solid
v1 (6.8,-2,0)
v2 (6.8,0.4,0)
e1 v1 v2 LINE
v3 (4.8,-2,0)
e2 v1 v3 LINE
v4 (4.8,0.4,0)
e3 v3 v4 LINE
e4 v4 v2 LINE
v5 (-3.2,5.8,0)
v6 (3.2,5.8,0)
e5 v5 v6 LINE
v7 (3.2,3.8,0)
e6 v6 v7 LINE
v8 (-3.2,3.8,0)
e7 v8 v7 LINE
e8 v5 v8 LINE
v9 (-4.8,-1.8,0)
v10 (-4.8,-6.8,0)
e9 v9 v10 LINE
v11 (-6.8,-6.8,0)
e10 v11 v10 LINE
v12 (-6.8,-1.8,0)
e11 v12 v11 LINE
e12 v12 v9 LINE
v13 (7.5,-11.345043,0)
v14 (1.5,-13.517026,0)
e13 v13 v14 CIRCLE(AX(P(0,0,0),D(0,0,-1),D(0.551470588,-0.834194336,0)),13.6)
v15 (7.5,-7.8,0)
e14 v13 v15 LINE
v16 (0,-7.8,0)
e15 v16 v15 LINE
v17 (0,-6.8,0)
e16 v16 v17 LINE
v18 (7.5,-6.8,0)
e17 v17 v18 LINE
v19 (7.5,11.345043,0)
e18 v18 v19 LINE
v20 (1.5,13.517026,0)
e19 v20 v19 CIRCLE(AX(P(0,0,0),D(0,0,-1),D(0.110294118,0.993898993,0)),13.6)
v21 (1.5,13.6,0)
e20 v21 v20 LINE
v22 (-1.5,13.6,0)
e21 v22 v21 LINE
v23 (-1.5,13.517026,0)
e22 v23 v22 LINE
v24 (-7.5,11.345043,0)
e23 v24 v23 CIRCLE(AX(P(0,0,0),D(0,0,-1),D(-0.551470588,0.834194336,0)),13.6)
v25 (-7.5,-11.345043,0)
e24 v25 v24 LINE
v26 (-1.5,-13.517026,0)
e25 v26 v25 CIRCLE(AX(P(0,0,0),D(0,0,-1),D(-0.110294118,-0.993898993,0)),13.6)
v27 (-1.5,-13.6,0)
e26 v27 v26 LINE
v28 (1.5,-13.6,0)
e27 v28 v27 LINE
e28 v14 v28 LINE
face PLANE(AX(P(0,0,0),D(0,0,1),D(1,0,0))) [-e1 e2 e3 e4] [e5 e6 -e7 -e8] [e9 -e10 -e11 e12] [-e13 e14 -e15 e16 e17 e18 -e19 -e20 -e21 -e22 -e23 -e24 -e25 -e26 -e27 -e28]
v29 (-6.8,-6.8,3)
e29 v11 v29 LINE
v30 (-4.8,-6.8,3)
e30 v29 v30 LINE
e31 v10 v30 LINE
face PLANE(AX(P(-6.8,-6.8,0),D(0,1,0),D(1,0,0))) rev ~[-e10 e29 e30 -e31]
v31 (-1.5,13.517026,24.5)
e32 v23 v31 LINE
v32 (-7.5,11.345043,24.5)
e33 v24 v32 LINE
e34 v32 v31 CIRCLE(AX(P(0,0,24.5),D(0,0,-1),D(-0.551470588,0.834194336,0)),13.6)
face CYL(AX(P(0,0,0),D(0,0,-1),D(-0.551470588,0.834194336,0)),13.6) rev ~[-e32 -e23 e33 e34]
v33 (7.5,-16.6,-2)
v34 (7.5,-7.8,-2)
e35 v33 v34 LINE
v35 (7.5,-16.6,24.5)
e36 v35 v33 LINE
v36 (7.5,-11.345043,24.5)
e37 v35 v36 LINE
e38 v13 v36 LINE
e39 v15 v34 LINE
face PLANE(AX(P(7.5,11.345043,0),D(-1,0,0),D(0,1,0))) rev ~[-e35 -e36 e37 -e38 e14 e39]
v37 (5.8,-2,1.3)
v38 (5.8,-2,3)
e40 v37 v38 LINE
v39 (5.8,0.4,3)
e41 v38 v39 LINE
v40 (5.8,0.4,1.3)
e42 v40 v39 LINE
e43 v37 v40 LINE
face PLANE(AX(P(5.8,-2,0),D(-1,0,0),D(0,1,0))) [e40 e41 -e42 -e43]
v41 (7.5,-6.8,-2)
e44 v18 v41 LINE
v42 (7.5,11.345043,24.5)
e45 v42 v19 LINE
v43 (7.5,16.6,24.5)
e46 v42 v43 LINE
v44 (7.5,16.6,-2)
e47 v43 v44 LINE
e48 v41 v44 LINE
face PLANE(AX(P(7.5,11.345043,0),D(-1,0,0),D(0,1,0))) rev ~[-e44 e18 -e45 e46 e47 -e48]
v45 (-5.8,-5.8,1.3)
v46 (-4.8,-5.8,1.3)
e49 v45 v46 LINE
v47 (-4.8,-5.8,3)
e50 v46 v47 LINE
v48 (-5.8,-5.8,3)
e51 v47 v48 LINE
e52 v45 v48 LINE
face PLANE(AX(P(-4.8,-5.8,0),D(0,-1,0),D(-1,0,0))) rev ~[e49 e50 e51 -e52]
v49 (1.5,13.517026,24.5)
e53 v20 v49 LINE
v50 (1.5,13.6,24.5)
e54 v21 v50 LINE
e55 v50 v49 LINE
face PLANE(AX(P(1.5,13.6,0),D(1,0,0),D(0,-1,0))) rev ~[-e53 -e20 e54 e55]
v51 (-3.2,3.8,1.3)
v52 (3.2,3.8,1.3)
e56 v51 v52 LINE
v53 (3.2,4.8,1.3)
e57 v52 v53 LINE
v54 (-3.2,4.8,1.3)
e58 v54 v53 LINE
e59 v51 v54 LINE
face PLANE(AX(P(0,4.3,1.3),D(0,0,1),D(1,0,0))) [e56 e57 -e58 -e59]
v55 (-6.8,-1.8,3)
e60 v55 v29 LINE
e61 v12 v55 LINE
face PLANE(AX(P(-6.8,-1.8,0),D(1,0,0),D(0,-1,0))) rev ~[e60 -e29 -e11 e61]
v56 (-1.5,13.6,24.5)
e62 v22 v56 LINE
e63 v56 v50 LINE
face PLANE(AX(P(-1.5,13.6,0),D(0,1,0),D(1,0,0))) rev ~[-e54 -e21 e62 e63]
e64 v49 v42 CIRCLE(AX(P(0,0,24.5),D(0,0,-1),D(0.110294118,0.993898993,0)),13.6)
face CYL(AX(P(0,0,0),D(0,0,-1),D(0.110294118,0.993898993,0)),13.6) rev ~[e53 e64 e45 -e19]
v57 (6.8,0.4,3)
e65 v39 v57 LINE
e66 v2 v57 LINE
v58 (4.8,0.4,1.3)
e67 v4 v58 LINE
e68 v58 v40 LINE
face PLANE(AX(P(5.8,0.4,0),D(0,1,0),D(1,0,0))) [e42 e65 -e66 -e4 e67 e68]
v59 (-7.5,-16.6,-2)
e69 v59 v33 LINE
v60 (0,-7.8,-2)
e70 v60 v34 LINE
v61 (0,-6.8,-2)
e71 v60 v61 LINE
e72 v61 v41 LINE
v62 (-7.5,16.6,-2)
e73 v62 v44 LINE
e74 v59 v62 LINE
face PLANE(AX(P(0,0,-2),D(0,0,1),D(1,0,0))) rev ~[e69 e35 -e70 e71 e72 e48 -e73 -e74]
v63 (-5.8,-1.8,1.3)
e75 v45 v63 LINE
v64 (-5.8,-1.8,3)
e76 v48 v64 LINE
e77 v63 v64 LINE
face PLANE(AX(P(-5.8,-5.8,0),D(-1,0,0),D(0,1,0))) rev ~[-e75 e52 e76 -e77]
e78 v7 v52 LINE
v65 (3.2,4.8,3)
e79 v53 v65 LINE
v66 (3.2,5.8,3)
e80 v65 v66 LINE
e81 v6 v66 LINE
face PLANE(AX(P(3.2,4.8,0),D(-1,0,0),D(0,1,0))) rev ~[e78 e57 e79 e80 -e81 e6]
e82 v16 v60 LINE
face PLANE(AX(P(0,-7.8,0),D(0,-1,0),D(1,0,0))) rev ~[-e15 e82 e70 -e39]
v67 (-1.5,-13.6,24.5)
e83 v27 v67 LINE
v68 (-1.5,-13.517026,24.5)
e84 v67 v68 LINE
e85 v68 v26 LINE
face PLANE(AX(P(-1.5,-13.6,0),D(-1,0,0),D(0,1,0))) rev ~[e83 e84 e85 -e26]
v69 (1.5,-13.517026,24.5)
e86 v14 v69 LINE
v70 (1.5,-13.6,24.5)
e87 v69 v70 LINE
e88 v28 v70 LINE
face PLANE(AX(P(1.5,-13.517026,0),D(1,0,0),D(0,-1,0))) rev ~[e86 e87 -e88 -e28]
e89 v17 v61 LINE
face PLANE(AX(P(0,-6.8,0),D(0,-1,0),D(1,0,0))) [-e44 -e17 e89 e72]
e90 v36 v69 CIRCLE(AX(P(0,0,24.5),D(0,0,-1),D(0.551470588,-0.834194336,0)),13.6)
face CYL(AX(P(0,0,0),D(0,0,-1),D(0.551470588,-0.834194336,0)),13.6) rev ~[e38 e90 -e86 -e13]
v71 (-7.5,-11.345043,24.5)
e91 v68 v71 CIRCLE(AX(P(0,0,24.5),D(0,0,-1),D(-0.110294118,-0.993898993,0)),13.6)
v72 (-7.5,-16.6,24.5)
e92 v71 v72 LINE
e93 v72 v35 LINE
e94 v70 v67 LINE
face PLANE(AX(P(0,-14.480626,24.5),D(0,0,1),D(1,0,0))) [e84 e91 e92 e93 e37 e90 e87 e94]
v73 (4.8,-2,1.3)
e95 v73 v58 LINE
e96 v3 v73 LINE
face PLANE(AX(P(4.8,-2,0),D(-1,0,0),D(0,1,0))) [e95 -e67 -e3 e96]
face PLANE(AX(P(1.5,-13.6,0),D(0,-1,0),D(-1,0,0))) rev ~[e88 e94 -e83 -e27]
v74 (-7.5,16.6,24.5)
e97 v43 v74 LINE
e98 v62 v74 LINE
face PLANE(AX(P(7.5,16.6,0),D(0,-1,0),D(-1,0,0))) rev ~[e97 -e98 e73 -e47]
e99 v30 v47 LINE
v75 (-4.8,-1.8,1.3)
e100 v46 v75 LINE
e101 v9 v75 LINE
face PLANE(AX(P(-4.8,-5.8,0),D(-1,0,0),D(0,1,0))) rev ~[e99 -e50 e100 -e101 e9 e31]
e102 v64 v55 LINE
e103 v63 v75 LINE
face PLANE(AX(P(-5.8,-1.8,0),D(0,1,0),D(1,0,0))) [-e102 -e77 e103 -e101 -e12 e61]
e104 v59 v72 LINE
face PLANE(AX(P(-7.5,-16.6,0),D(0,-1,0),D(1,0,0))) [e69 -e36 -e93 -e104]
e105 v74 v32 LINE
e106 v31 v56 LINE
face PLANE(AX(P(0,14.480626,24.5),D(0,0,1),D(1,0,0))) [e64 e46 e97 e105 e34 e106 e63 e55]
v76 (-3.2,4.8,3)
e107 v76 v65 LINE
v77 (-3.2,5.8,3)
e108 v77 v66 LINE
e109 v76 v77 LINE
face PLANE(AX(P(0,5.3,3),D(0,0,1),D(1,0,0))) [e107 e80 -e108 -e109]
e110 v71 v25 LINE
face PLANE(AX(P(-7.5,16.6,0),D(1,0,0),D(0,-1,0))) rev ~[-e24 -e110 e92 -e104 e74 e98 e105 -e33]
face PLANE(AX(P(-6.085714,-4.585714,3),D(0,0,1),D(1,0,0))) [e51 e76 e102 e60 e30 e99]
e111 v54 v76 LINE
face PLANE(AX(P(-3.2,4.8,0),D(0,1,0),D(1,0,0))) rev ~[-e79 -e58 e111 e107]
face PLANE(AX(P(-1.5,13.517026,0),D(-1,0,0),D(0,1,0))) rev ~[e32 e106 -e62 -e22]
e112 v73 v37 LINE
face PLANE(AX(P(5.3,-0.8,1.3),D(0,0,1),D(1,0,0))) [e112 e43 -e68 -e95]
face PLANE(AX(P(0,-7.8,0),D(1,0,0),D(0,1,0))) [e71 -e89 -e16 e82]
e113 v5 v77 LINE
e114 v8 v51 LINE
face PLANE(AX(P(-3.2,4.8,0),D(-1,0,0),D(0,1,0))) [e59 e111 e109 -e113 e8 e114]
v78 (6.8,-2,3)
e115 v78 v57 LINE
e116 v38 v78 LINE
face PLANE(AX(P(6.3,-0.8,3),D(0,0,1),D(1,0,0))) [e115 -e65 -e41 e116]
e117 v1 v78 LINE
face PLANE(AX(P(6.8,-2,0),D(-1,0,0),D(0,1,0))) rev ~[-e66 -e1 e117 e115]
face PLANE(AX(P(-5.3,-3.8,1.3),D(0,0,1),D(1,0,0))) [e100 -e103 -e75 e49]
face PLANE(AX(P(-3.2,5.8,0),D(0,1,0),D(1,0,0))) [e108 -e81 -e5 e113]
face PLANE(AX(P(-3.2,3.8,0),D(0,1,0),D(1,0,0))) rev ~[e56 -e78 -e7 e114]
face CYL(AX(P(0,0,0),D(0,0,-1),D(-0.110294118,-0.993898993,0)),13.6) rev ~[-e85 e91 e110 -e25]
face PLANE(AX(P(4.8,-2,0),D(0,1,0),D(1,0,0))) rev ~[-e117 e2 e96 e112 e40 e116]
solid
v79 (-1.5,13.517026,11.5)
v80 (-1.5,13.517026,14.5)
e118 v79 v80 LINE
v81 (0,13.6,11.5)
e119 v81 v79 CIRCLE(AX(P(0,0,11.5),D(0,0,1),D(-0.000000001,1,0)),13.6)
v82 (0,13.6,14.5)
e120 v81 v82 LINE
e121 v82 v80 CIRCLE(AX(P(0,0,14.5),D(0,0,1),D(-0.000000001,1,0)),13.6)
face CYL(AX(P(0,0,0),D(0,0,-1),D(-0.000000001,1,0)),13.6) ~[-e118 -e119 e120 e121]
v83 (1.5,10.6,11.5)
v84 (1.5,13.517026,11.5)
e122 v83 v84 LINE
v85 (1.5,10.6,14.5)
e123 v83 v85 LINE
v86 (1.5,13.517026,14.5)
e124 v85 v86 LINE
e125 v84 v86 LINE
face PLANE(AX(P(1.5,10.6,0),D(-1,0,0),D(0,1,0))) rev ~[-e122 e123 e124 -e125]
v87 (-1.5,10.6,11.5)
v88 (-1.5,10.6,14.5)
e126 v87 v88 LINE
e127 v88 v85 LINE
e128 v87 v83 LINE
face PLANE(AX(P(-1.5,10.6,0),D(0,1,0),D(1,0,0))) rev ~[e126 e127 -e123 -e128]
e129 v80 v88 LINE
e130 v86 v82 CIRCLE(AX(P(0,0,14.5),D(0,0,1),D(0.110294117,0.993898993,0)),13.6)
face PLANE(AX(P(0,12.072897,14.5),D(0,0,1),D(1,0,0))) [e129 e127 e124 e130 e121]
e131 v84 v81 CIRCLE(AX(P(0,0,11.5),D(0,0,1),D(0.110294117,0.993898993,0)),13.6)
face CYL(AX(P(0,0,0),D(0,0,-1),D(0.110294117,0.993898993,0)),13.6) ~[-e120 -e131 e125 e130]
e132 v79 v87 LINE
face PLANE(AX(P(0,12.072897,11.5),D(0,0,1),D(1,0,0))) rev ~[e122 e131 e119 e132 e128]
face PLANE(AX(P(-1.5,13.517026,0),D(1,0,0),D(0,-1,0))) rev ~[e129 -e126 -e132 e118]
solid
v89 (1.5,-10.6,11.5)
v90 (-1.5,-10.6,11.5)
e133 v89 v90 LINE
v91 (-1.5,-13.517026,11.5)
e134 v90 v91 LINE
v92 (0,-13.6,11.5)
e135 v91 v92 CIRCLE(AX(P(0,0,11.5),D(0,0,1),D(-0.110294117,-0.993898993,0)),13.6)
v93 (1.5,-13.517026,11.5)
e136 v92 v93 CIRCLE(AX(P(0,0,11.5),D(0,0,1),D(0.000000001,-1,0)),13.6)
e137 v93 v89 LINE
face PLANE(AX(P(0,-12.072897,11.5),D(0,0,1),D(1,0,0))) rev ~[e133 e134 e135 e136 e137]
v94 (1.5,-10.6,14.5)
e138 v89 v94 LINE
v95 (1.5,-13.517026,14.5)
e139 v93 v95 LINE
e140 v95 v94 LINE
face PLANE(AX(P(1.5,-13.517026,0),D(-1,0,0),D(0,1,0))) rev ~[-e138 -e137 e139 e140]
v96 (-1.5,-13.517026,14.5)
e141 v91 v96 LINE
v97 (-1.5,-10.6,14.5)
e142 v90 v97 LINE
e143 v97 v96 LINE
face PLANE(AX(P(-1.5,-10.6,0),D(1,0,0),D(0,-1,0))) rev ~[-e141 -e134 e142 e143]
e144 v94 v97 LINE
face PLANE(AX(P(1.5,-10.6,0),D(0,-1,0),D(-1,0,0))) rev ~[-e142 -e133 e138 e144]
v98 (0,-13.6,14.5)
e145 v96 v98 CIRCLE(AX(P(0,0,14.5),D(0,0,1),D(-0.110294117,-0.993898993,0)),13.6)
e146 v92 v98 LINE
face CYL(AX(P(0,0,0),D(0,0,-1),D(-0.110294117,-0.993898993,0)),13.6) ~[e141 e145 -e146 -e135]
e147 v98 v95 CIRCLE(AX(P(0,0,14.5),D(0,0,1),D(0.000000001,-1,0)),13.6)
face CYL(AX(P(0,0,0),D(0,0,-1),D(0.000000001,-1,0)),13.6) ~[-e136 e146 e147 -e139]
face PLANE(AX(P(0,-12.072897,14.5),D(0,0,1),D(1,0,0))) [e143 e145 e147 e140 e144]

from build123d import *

# Parameters (mm, degrees)
BOSS_EXTRUDE1_DEPTH   = 14.5
BOSS_EXTRUDE1_2_DEPTH = 14.5
BOSS_EXTRUDE1_3_DEPTH = 14.5
BOSS_EXTRUDE1_4_DEPTH = 14.5
SKETCH1_3_W           = 15
SKETCH1_3_H           = 33.2
BOSS_EXTRUDE3_DEPTH   = 2
CUT_EXTRUDE1_DEPTH    = 11.5
BOSS_EXTRUDE4_DEPTH   = 24.5
SKETCH2_W             = 1
SKETCH2_H             = 4
SKETCH2_W_2           = 6.4
SKETCH2_H_2           = 1
SKETCH2_H_3           = 2.4
BOSS_EXTRUDE5_DEPTH   = 1.3
SKETCH2_3_W           = 6.4
SKETCH2_3_H           = 1
SKETCH2_3_W_2         = 1
SKETCH2_3_H_2         = 2.4
BOSS_EXTRUDE6_DEPTH   = 3
SKETCH2_4_W           = 7.5
SKETCH2_4_H           = 1
CUT_EXTRUDE2_DEPTH    = 31.529657712


with BuildPart() as part:
    # Sketch1 → Boss-Extrude1 (new body)
    with BuildSketch(Plane.XY):
        with BuildLine():
            Line((7.5, 16.6), (-7.5, 16.6))
            Line((-7.5, 16.6), (-7.5, 11.34504297))
            ThreePointArc((-7.5, 11.34504297), (-4.629187607, 12.787909215), (-1.5, 13.5170263))
            Line((-1.5, 13.5170263), (-1.5, 13.6))
            Line((-1.5, 13.6), (0, 13.6))
            Line((0, 13.6), (1.5, 13.6))
            Line((1.5, 13.6), (1.5, 13.5170263))
            ThreePointArc((1.5, 13.5170263), (4.629187607, 12.787909215), (7.5, 11.34504297))
            Line((7.5, 11.34504297), (7.5, 16.6))
        make_face()
    extrude(amount=BOSS_EXTRUDE1_DEPTH)



with BuildPart() as body_2:
    # Sketch1 → Boss-Extrude1 2 (new body)
    with BuildSketch(Plane.XY):
        with BuildLine():
            ThreePointArc((0, 13.6), (-0.751146563, 13.579240731), (-1.5, 13.5170263))
            Line((-1.5, 13.5170263), (-1.5, 10.6))
            Line((-1.5, 10.6), (1.5, 10.6))
            Line((1.5, 10.6), (1.5, 13.5170263))
            ThreePointArc((1.5, 13.5170263), (0.751146563, 13.579240731), (0, 13.6))
        make_face()
    extrude(amount=BOSS_EXTRUDE1_2_DEPTH)


with BuildPart() as body_3:
    # Sketch1 → Boss-Extrude1 3 (new body)
    with BuildSketch(Plane.XY):
        with BuildLine():
            Line((-1.5, -10.6), (-1.5, -13.5170263))
            ThreePointArc((-1.5, -13.5170263), (-0.751146563, -13.579240731), (0, -13.6))
            ThreePointArc((0, -13.6), (0.751146563, -13.579240731), (1.5, -13.5170263))
            Line((1.5, -13.5170263), (1.5, -10.6))
            Line((1.5, -10.6), (-1.5, -10.6))
        make_face()
    extrude(amount=BOSS_EXTRUDE1_3_DEPTH)


with BuildPart() as body_4:
    # Sketch1 → Boss-Extrude1 4 (new body)
    with BuildSketch(Plane.XY):
        with BuildLine():
            ThreePointArc((-1.5, -13.5170263), (-4.629187607, -12.787909215), (-7.5, -11.34504297))
            Line((-7.5, -11.34504297), (-7.5, -16.6))
            Line((-7.5, -16.6), (7.5, -16.6))
            Line((7.5, -16.6), (7.5, -11.34504297))
            ThreePointArc((7.5, -11.34504297), (4.629187607, -12.787909215), (1.5, -13.5170263))
            Line((1.5, -13.5170263), (1.5, -13.6))
            Line((1.5, -13.6), (0, -13.6))
            Line((0, -13.6), (-1.5, -13.6))
            Line((-1.5, -13.6), (-1.5, -13.5170263))
        make_face()
    extrude(amount=BOSS_EXTRUDE1_4_DEPTH)


with BuildPart() as part_1:
    add(part.part)

    add(body_4.part)  # Boss-Extrude3 merges body 4
    # Sketch1<3> → Boss-Extrude3 (add)
    with BuildSketch(Plane.XY):
        Rectangle(SKETCH1_3_W, SKETCH1_3_H)
    extrude(amount=-BOSS_EXTRUDE3_DEPTH)

    # Sketch1<5> → Boss-Extrude4 (add)
    with BuildSketch(Plane.XY):
        with BuildLine():
            Line((7.5, 16.6), (-7.5, 16.6))
            Line((-7.5, 16.6), (-7.5, 11.34504297))
            ThreePointArc((-7.5, 11.34504297), (-4.629187607, 12.787909215), (-1.5, 13.5170263))
            Line((-1.5, 13.5170263), (-1.5, 13.6))
            Line((-1.5, 13.6), (0, 13.6))
            Line((0, 13.6), (1.5, 13.6))
            Line((1.5, 13.6), (1.5, 13.5170263))
            ThreePointArc((1.5, 13.5170263), (4.629187607, 12.787909215), (7.5, 11.34504297))
            Line((7.5, 11.34504297), (7.5, 16.6))
        make_face()
        with BuildLine():
            ThreePointArc((-1.5, -13.5170263), (-4.629187607, -12.787909215), (-7.5, -11.34504297))
            Line((-7.5, -11.34504297), (-7.5, -16.6))
            Line((-7.5, -16.6), (7.5, -16.6))
            Line((7.5, -16.6), (7.5, -11.34504297))
            ThreePointArc((7.5, -11.34504297), (4.629187607, -12.787909215), (1.5, -13.5170263))
            Line((1.5, -13.5170263), (1.5, -13.6))
            Line((1.5, -13.6), (0, -13.6))
            Line((0, -13.6), (-1.5, -13.6))
            Line((-1.5, -13.6), (-1.5, -13.5170263))
        make_face()
    extrude(amount=BOSS_EXTRUDE4_DEPTH)

    # Sketch2 → Boss-Extrude5 (add)
    with BuildSketch(Plane.XY):
        with Locations((-5.3, -3.8)):
            Rectangle(SKETCH2_W, SKETCH2_H)
        with Locations((0, 4.3)):
            Rectangle(SKETCH2_W_2, SKETCH2_H_2)
        with Locations((5.3, -0.8)):
            Rectangle(SKETCH2_W, SKETCH2_H_3)
    extrude(amount=BOSS_EXTRUDE5_DEPTH)

    # Sketch2<3> → Boss-Extrude6 (add)
    with BuildSketch(Plane.XY):
        with Locations((0, 5.3)):
            Rectangle(SKETCH2_3_W, SKETCH2_3_H)
        Polygon((-5.8, -1.8), (-6.8, -1.8), (-6.8, -6.8), (-4.8, -6.8), (-4.8, -5.8), (-5.8, -5.8), align=None)
        with Locations((6.3, -0.8)):
            Rectangle(SKETCH2_3_W_2, SKETCH2_3_H_2)
    extrude(amount=BOSS_EXTRUDE6_DEPTH)

    # Sketch2<4> → Cut-Extrude2 (cut, through all)
    with BuildSketch(Plane.XY):
        with Locations((3.75, -7.3)):
            Rectangle(SKETCH2_4_W, SKETCH2_4_H)
    extrude(amount=-CUT_EXTRUDE2_DEPTH, mode=Mode.SUBTRACT)


with BuildPart() as cut_extrude1_tool:
    # Sketch1<4> → Cut-Extrude1 (new body)
    with BuildSketch(Plane.XY):
        with BuildLine():
            Line((-1.5, -10.6), (-1.5, -13.5170263))
            ThreePointArc((-1.5, -13.5170263), (-0.751146563, -13.579240731), (0, -13.6))
            ThreePointArc((0, -13.6), (0.751146563, -13.579240731), (1.5, -13.5170263))
            Line((1.5, -13.5170263), (1.5, -10.6))
            Line((1.5, -10.6), (-1.5, -10.6))
        make_face()
        with BuildLine():
            ThreePointArc((0, 13.6), (-0.751146563, 13.579240731), (-1.5, 13.5170263))
            Line((-1.5, 13.5170263), (-1.5, 10.6))
            Line((-1.5, 10.6), (1.5, 10.6))
            Line((1.5, 10.6), (1.5, 13.5170263))
            ThreePointArc((1.5, 13.5170263), (0.751146563, 13.579240731), (0, 13.6))
        make_face()
    extrude(amount=CUT_EXTRUDE1_DEPTH)


with BuildPart() as body_2_1:
    add(body_2.part)

    # Cut-Extrude1: cut by cut_extrude1_tool
    add(cut_extrude1_tool.part, mode=Mode.SUBTRACT)


with BuildPart() as body_3_1:
    add(body_3.part)

    # Cut-Extrude1: cut by cut_extrude1_tool
    add(cut_extrude1_tool.part, mode=Mode.SUBTRACT)


solid = Compound([part_1.part, body_2_1.part, body_3_1.part])
